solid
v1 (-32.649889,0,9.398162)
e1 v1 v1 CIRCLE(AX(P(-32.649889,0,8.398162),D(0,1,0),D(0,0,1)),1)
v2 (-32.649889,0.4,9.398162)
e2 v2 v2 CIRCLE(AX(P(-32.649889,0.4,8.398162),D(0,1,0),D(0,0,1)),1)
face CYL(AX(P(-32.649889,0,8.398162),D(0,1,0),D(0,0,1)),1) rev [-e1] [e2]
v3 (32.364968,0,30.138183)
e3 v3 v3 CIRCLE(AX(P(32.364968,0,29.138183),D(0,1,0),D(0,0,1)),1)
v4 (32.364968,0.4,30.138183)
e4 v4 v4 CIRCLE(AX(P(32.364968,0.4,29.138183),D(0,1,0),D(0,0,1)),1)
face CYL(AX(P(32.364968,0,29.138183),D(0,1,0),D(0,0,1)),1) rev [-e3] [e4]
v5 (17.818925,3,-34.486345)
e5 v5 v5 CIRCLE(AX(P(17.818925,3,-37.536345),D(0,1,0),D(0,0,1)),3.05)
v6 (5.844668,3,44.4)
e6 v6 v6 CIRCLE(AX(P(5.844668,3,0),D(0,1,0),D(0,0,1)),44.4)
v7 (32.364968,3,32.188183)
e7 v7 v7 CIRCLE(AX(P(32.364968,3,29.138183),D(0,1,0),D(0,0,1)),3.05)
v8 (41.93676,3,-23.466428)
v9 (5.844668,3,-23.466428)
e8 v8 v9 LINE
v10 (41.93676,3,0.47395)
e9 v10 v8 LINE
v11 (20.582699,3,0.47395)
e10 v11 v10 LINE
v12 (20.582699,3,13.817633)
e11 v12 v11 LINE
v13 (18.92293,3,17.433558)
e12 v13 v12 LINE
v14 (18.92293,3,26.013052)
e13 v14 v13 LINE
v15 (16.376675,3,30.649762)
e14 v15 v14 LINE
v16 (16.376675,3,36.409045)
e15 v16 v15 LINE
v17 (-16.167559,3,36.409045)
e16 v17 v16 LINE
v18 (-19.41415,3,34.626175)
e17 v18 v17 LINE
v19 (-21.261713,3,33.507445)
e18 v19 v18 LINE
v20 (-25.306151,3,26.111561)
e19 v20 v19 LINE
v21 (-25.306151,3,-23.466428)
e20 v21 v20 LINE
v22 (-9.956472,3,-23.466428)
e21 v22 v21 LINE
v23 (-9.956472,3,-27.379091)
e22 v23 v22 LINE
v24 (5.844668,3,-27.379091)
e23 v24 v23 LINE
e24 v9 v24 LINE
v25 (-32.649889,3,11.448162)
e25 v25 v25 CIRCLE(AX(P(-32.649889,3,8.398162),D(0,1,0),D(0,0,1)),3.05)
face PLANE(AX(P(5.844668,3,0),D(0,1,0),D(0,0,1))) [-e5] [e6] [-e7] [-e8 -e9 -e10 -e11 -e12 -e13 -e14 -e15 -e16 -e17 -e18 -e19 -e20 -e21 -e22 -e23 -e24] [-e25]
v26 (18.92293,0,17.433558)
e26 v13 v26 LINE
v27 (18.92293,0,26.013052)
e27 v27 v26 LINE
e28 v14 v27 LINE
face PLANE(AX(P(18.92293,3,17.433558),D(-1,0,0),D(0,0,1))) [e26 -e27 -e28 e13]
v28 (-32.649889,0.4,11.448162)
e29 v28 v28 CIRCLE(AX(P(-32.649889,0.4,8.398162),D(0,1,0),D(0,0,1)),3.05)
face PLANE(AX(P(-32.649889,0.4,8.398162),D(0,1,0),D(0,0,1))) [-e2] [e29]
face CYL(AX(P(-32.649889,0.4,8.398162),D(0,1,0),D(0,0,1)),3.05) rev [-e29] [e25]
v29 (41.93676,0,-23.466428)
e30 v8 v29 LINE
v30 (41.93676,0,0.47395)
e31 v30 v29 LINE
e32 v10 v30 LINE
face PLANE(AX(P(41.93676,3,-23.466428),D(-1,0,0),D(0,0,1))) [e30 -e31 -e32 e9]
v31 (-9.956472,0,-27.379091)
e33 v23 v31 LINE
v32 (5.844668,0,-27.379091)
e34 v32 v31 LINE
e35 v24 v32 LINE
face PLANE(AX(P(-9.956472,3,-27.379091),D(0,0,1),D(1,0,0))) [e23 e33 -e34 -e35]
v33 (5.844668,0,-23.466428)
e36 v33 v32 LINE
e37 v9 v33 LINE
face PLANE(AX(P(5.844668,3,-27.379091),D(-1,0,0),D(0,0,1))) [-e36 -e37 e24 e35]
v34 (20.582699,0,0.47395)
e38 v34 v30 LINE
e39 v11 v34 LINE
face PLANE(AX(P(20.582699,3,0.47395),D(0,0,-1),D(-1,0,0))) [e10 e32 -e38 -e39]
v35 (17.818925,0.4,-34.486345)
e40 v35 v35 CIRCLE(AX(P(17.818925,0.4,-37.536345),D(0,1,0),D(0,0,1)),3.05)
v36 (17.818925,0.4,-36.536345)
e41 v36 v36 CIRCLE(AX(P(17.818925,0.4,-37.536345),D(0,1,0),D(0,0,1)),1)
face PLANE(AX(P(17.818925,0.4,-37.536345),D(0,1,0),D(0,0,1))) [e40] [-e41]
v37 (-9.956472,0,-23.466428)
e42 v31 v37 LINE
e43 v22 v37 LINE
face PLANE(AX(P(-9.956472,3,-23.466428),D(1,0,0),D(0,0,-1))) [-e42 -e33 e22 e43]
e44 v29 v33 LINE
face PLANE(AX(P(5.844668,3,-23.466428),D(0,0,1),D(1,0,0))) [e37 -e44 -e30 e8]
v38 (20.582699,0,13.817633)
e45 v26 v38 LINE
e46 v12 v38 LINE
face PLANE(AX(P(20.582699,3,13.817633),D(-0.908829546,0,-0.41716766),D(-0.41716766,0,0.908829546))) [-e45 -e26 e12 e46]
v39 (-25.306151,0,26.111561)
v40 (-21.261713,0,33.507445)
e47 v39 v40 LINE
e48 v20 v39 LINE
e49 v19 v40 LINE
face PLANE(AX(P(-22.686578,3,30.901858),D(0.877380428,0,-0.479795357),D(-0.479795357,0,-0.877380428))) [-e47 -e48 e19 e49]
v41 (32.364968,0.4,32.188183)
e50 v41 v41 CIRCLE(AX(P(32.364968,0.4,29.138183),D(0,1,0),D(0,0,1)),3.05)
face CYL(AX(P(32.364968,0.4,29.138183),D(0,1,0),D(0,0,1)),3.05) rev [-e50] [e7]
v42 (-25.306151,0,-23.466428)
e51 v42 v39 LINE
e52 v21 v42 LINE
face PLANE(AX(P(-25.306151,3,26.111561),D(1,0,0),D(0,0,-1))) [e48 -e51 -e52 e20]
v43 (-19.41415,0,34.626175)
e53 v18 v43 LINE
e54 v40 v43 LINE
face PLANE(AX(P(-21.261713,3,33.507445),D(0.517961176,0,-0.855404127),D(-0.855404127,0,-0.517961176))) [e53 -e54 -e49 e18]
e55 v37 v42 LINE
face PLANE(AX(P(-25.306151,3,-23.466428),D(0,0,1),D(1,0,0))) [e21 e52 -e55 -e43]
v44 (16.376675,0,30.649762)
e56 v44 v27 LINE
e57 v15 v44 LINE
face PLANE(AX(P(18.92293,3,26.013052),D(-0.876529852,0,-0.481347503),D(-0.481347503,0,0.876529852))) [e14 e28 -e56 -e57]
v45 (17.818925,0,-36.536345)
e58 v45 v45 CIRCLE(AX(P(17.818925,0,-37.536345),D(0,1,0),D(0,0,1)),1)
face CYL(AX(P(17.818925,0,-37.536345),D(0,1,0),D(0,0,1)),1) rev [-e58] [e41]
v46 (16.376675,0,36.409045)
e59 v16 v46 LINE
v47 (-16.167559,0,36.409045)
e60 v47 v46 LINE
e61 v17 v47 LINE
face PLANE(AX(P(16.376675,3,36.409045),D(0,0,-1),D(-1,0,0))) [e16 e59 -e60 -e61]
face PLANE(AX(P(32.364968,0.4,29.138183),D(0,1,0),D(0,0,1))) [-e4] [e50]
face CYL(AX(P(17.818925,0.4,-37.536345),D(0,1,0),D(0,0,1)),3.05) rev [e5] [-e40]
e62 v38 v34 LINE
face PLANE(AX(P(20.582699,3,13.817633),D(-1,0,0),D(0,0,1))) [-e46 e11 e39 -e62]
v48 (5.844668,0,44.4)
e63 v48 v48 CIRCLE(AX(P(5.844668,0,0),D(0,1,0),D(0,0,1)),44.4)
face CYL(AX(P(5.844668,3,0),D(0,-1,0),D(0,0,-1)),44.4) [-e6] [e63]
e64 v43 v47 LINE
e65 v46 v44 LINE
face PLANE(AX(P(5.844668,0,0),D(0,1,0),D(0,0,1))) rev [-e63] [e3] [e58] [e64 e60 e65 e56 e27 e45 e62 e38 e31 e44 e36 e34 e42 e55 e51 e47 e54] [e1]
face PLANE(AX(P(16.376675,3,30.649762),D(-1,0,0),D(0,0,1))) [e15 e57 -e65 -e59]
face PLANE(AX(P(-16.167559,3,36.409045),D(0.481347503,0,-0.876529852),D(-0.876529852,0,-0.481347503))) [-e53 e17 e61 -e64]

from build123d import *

# Parameters (mm, degrees)
SKETCH2_R           = 44.4
BOSS_EXTRUDE1_DEPTH = 3
CUT_EXTRUDE3_START  = 3
SKETCH3_R           = 3.05
CUT_EXTRUDE3_DEPTH  = 2.6
SKETCH4_R           = 1
CUT_EXTRUDE4_DEPTH  = 1.4


with BuildPart() as part:
    # Sketch2 → Boss-Extrude1 (new body)
    with BuildSketch(Plane(origin=(0, 0, 0), x_dir=(1, 0, 0), z_dir=(0, 1, 0))):
        with Locations((5.844668035, 0)):
            Circle(SKETCH2_R)
        Polygon((-25.306151193, 23.466427606), (-9.956472153, 23.466427606), (-9.956472153, 27.379090891), (5.844668035, 27.379090891), (5.844668035, 23.466427606), (41.936760168, 23.466427606), (41.936760168, -0.473949831), (20.582698865, -0.473949831), (20.582698865, -13.817632751), (18.922929974, -17.433557834), (18.922929974, -26.013051917), (16.376674503, -30.649762231), (16.376674503, -36.409044515), (-16.167559029, -36.409044515), (-19.414149946, -34.62617491), (-21.26171293, -33.507445335), (-22.686577877, -30.901858186), (-25.306151193, -26.111560985), align=None, mode=Mode.SUBTRACT)
    extrude(amount=BOSS_EXTRUDE1_DEPTH)

    # Sketch3 → Cut-Extrude3 (cut)
    with BuildSketch(Plane(origin=(0, 0, 0), x_dir=(1, 0, 0), z_dir=(0, 1, 0)).offset(CUT_EXTRUDE3_START)):
        with Locations((32.364967514, -29.138183119)):
            Circle(SKETCH3_R)
        with Locations((17.818925096, 37.536344625)):
            Circle(SKETCH3_R)
        with Locations((-32.649888507, -8.398161506)):
            Circle(SKETCH3_R)
    extrude(amount=-CUT_EXTRUDE3_DEPTH, mode=Mode.SUBTRACT)

    # Sketch4 → Cut-Extrude4 (cut, through all)
    with BuildSketch(Plane(origin=(0, 0.4, 0), x_dir=(1, 0, 0), z_dir=(0, 1, 0))):
        with Locations((-32.649888507, -8.398161506)):
            Circle(SKETCH4_R)
        with Locations((17.818925096, 37.536344625)):
            Circle(SKETCH4_R)
        with Locations((32.364967514, -29.138183119)):
            Circle(SKETCH4_R)
    extrude(amount=-CUT_EXTRUDE4_DEPTH, mode=Mode.SUBTRACT)


solid = part.part
